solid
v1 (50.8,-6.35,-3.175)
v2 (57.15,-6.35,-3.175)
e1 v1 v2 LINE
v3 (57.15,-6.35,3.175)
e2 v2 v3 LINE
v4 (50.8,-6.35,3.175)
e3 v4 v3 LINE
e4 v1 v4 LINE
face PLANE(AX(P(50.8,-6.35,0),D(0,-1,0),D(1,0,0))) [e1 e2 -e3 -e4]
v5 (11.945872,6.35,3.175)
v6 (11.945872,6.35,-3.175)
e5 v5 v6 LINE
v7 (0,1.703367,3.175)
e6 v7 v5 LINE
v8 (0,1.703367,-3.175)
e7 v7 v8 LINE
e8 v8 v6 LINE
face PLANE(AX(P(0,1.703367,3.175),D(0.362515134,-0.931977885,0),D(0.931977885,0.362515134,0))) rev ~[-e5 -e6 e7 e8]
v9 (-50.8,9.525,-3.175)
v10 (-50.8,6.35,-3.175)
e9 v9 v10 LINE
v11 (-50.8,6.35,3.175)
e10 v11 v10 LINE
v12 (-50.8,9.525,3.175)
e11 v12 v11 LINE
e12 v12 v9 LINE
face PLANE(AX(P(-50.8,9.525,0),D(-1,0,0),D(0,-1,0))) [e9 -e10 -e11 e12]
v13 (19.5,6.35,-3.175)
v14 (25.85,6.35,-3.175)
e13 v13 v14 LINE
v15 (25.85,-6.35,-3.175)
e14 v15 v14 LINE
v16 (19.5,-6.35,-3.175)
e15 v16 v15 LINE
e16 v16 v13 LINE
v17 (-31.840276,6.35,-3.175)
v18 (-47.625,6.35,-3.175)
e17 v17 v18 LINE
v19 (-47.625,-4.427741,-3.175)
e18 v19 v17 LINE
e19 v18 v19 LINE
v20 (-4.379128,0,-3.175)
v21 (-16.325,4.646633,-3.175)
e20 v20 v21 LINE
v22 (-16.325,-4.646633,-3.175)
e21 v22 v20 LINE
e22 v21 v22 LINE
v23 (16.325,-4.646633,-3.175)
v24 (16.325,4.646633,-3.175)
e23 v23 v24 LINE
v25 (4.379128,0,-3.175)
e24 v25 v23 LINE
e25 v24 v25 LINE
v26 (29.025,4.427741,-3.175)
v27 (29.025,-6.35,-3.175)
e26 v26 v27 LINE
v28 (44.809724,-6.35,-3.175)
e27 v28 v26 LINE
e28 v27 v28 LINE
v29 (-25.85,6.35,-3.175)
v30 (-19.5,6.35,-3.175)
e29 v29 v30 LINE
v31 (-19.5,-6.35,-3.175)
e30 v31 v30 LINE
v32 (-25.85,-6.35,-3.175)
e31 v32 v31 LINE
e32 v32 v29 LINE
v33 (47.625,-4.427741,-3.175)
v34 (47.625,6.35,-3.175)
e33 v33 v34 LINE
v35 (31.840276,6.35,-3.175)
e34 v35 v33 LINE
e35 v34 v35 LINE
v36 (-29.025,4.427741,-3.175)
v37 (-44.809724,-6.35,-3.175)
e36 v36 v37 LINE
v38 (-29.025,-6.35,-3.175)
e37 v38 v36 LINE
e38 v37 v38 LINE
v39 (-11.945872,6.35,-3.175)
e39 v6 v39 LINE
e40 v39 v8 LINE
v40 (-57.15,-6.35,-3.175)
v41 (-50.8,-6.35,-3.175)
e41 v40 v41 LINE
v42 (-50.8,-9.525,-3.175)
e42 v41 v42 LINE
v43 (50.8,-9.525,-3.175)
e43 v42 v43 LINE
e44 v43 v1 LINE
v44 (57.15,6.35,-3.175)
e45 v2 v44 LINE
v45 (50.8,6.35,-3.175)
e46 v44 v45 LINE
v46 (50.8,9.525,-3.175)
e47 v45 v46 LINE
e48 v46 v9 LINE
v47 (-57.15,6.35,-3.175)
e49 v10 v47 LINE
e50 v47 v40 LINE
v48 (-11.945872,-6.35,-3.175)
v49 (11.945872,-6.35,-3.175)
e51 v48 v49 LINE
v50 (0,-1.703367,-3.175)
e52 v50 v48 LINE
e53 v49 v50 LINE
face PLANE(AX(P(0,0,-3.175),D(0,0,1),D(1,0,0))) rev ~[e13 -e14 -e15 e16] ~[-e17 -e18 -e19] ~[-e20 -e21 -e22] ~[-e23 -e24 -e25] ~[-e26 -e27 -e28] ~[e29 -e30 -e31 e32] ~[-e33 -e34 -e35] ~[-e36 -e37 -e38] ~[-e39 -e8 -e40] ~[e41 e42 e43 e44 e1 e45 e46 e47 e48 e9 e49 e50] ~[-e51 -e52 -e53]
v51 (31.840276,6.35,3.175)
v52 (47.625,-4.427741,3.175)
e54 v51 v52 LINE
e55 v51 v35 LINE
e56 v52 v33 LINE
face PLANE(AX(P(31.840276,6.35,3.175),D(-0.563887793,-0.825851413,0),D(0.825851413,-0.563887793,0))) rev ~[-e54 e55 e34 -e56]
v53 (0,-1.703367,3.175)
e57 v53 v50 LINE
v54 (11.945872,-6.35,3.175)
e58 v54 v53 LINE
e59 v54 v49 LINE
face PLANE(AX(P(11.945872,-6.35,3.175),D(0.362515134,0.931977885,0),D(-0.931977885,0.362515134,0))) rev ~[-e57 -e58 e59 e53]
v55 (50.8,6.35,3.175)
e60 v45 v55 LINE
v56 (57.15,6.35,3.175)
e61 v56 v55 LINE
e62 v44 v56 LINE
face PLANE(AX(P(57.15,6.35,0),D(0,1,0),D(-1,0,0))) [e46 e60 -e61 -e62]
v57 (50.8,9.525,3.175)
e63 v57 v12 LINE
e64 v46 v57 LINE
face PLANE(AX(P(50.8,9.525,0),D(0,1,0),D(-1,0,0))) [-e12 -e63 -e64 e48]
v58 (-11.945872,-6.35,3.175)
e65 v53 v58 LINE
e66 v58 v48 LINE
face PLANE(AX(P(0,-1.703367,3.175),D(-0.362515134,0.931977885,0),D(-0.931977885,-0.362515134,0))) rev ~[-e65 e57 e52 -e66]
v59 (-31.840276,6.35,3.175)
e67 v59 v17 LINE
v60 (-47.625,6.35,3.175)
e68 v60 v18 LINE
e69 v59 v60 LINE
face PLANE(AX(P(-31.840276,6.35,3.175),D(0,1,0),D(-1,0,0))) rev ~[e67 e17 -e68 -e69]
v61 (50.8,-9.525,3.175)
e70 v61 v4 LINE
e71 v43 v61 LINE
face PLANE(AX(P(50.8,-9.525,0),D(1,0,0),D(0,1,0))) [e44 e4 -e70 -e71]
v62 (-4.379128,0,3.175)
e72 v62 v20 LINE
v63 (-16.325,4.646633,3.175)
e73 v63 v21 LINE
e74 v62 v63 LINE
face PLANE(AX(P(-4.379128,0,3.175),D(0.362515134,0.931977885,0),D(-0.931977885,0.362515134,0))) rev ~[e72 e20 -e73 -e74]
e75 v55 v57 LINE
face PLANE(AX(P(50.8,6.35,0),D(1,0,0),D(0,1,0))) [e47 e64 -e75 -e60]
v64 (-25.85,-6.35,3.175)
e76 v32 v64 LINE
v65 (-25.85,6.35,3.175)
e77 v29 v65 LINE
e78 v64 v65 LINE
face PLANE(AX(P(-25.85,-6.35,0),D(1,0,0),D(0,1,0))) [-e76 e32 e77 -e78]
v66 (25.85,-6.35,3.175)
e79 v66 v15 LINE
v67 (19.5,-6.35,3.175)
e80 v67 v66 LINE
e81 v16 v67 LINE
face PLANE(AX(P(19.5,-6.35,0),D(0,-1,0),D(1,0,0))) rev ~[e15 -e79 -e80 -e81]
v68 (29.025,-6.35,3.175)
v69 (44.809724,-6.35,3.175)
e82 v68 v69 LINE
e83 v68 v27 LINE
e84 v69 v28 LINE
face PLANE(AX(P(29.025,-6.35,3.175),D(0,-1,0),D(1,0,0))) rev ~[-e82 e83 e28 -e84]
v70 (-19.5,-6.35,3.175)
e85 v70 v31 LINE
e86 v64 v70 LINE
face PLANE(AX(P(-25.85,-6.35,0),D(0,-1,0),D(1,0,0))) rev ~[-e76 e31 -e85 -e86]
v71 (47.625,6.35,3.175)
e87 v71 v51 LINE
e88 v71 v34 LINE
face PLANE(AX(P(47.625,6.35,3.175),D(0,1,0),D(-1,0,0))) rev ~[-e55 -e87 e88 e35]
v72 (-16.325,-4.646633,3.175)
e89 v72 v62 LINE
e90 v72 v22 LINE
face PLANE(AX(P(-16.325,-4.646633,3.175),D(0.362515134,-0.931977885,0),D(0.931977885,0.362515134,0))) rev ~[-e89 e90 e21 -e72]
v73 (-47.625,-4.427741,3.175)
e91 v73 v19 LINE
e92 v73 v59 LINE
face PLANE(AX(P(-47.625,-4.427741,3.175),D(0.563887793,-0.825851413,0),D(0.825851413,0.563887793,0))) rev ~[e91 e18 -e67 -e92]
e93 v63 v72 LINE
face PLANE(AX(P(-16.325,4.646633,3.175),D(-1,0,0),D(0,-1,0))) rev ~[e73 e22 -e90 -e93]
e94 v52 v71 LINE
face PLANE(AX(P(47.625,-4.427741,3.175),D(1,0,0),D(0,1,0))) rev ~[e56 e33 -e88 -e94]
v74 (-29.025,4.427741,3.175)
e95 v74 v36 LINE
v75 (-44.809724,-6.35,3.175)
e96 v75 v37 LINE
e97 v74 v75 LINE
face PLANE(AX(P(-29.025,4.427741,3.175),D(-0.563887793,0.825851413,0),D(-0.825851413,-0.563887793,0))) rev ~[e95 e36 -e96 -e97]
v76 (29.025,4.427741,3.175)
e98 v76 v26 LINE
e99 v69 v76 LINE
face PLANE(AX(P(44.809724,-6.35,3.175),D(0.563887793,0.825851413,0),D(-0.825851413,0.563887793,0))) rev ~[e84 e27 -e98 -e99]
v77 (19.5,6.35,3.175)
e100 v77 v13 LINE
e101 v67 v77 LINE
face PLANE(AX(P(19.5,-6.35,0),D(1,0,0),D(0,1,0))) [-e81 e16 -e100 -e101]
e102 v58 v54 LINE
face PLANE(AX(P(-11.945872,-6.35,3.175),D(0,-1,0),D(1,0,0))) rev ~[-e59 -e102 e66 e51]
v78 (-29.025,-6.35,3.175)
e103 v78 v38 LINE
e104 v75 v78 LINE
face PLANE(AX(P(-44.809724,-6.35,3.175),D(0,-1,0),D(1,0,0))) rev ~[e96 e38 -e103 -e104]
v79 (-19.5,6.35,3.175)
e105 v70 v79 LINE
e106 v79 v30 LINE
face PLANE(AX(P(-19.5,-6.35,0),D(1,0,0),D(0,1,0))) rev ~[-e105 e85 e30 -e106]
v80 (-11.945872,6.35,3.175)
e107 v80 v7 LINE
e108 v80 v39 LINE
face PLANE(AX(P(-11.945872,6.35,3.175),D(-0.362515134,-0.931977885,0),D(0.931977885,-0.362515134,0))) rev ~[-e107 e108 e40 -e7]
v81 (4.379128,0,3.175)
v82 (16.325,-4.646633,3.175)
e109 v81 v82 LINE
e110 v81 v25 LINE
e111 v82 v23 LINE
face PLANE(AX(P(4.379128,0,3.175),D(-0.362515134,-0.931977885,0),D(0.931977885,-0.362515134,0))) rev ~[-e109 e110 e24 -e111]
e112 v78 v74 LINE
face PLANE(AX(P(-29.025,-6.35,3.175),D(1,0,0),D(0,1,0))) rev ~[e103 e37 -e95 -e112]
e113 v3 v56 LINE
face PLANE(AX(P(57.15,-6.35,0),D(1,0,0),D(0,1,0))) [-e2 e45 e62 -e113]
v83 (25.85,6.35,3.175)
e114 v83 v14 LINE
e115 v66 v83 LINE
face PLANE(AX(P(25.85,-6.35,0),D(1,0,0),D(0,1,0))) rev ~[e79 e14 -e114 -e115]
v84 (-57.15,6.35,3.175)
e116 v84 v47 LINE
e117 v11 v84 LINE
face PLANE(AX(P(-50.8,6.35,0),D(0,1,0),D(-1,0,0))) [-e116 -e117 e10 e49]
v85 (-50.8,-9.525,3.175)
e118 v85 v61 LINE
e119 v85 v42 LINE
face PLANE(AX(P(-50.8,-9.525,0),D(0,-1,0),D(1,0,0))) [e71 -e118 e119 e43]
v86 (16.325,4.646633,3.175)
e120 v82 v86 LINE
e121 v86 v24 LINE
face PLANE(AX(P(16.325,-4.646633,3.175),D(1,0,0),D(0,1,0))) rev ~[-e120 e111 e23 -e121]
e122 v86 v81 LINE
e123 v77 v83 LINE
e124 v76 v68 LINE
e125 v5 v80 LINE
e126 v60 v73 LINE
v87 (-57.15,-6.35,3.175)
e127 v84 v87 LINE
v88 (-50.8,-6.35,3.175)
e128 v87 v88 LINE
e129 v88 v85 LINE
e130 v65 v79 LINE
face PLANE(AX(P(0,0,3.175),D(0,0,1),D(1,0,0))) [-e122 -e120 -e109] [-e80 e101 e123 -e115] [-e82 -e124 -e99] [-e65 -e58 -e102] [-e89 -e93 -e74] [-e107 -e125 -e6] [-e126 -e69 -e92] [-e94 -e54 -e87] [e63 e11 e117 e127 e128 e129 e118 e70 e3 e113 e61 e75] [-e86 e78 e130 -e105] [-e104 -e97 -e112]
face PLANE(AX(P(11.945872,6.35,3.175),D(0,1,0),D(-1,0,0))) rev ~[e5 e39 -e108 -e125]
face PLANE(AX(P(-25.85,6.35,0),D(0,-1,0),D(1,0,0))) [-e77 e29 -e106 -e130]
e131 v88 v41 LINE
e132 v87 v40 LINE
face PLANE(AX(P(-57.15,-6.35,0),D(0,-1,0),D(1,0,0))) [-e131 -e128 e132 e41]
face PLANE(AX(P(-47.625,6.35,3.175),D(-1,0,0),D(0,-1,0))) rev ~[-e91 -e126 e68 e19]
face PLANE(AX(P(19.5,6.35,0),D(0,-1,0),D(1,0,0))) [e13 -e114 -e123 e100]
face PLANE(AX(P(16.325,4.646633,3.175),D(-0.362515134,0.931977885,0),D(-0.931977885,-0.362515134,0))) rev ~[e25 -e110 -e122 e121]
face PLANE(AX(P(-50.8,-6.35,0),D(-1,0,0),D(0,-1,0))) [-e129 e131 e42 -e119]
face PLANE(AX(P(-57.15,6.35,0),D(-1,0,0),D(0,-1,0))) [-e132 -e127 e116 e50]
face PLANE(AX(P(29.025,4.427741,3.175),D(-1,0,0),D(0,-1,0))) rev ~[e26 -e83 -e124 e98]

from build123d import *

# Parameters (mm, degrees)
SKETCH1_W           = 6.35
SKETCH1_H           = 12.7
BOSS_EXTRUDE1_DEPTH = 3.175
CUT_EXTRUDE1_DEPTH  = 7.35


with BuildPart() as part:
    # Sketch1 → Boss-Extrude1 (new body, symmetric)
    with BuildSketch(Plane.XY):
        Polygon((-50.8, -9.525), (50.8, -9.525), (50.8, -6.35), (57.15, -6.35), (57.15, 6.35), (50.8, 6.35), (50.8, 9.525), (-50.8, 9.525), (-50.8, 6.35), (-57.15, 6.35), (-57.15, -6.35), (-50.8, -6.35), align=None)
        with Locations((-22.675, 0)):
            Rectangle(SKETCH1_W, SKETCH1_H, mode=Mode.SUBTRACT)
        with Locations((22.675, 0)):
            Rectangle(SKETCH1_W, SKETCH1_H, mode=Mode.SUBTRACT)
    extrude(amount=BOSS_EXTRUDE1_DEPTH, both=True)

    # Sketch2 → Cut-Extrude1 (cut, through all)
    with BuildSketch(Plane.XY.offset(3.175)):
        Polygon((-31.840276407, 6.35), (-47.625, 6.35), (-47.625, -4.427741378), align=None)
        Polygon((-29.025, 4.427741378), (-44.809723593, -6.35), (-29.025, -6.35), align=None)
        Polygon((-16.325, -4.646633401), (-4.379127517, 0), (-16.325, 4.646633401), align=None)
        Polygon((-11.945872483, 6.35), (0, 1.703366599), (11.945872483, 6.35), align=None)
        Polygon((4.379127517, 0), (16.325, -4.646633401), (16.325, 4.646633401), align=None)
        Polygon((-11.945872483, -6.35), (11.945872483, -6.35), (0, -1.703366599), align=None)
        Polygon((44.809723593, -6.35), (29.025, 4.427741378), (29.025, -6.35), align=None)
        Polygon((47.625, 6.35), (31.840276407, 6.35), (47.625, -4.427741378), align=None)
    extrude(amount=-CUT_EXTRUDE1_DEPTH, mode=Mode.SUBTRACT)


solid = part.part
